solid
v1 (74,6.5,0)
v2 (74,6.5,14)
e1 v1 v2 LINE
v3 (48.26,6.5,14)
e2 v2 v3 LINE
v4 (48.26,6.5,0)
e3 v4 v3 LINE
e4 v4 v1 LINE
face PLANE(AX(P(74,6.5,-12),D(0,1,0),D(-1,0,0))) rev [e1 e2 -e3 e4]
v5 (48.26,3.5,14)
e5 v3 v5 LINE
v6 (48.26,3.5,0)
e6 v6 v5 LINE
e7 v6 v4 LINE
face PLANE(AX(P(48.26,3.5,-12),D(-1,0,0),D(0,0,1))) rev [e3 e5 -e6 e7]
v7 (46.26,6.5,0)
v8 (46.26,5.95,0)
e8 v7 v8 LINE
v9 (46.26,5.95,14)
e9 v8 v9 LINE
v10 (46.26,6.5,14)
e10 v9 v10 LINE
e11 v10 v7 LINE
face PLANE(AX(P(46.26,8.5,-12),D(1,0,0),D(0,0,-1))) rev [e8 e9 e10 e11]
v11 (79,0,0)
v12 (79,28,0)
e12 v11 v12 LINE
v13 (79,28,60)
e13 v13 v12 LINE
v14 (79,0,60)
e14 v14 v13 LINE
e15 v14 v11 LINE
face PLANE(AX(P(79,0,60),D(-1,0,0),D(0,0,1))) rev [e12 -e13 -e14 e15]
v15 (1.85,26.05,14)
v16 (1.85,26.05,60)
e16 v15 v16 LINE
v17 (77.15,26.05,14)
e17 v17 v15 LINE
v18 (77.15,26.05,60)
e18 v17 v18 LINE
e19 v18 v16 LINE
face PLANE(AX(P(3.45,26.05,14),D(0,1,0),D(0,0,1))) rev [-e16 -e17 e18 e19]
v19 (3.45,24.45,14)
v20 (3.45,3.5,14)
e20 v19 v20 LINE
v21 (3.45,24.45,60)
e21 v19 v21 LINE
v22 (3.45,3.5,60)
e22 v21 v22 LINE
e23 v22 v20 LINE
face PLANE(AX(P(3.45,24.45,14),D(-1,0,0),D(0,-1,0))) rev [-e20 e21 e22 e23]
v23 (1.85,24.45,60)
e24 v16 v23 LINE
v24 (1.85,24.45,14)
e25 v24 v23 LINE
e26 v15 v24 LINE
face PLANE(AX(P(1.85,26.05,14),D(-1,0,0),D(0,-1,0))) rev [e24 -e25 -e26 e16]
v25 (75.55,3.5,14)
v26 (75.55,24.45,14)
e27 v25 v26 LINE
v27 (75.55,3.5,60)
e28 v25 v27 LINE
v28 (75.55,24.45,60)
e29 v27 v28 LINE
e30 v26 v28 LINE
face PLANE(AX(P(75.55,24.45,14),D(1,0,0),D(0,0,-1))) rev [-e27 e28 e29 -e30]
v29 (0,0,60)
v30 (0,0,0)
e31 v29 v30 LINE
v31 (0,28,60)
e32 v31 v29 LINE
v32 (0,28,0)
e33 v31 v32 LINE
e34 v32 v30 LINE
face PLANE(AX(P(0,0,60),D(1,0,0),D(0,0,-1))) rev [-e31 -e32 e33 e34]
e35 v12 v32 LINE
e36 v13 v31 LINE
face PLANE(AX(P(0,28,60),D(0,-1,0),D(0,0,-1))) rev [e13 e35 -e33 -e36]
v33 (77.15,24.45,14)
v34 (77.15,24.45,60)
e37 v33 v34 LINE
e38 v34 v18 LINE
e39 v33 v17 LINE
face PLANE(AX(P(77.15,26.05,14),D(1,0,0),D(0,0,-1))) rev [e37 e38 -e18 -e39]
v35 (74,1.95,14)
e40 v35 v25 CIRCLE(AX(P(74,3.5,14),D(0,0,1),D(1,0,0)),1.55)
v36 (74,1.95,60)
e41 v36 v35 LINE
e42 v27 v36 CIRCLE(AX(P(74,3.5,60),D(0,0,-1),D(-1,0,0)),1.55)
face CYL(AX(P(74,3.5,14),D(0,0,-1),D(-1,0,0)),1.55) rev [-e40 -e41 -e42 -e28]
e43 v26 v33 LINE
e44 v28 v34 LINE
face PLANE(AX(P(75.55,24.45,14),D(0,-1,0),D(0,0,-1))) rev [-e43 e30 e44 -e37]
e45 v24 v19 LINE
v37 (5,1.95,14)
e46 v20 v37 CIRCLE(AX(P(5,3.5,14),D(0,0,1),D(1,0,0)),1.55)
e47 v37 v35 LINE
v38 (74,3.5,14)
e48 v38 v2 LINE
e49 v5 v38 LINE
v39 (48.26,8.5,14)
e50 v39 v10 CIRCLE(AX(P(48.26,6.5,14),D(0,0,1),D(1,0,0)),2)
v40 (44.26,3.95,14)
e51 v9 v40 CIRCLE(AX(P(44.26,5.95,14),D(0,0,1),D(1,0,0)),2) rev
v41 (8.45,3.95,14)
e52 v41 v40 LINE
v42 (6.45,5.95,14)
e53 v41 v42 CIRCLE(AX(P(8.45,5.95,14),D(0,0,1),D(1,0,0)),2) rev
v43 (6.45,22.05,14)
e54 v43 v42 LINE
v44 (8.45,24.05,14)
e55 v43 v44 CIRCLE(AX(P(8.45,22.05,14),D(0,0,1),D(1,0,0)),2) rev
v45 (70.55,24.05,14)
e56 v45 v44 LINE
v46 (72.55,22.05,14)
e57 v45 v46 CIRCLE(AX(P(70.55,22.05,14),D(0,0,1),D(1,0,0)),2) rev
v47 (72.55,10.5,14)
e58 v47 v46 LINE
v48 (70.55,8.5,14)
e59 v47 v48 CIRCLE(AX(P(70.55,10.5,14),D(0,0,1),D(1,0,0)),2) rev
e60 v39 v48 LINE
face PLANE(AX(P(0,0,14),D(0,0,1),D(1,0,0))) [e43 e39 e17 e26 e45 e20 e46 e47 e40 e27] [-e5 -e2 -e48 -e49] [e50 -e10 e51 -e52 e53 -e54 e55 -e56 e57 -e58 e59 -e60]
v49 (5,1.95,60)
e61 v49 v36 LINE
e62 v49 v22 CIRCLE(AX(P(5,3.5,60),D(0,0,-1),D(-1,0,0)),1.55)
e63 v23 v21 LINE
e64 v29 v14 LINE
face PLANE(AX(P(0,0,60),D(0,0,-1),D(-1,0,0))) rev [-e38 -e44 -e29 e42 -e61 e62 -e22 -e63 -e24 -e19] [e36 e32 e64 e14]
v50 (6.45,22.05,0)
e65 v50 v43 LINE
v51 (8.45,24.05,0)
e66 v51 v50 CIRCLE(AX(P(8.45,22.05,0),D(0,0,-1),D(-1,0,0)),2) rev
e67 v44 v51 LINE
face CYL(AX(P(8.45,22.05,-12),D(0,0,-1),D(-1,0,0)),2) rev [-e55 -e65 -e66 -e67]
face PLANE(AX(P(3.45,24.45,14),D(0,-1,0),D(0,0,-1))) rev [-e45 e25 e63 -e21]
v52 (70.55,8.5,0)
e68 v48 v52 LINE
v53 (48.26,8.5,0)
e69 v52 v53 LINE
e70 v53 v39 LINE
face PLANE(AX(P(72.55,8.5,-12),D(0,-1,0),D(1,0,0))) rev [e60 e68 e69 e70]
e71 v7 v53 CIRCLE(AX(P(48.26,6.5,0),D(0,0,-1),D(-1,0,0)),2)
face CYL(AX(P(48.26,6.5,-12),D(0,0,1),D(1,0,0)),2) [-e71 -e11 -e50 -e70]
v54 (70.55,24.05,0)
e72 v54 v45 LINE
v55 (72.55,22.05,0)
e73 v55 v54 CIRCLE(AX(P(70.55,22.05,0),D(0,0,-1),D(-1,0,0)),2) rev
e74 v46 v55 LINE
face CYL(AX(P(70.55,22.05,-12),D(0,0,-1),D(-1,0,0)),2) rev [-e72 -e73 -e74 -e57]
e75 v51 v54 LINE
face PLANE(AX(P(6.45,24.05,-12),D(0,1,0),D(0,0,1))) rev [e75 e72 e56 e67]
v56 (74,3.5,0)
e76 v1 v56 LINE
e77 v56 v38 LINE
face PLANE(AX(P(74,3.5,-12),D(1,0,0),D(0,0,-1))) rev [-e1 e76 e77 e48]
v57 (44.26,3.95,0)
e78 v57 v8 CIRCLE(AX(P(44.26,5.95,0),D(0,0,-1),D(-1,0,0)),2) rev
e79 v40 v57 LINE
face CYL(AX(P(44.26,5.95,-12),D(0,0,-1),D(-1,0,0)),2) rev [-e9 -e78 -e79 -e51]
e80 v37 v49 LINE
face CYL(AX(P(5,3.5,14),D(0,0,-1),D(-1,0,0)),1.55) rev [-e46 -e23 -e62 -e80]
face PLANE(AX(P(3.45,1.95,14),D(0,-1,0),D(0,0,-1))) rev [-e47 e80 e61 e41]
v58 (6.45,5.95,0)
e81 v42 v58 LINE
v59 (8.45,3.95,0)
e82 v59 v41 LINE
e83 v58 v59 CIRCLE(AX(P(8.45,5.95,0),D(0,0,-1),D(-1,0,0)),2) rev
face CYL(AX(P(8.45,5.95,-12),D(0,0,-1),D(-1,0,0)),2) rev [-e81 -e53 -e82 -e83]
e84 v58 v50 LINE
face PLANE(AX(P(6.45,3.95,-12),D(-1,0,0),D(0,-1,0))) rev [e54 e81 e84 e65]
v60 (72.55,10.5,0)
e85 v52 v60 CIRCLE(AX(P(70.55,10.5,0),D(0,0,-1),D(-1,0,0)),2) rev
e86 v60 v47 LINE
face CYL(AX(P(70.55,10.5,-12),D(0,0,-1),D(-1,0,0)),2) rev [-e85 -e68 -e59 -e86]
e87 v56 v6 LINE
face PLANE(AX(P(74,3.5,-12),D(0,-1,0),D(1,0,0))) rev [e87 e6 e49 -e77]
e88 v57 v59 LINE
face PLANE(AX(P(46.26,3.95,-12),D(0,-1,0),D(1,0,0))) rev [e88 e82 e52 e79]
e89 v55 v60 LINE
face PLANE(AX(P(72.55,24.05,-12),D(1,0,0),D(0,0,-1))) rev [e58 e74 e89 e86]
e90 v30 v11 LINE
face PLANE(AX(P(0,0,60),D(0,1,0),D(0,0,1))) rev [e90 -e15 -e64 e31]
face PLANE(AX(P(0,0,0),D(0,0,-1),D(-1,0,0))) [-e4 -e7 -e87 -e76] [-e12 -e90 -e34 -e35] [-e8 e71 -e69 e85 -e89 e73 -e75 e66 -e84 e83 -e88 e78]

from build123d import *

# Parameters (mm, degrees)
SKETCH1_W           = 79
SKETCH1_H           = 28
BOSS_EXTRUDE1_DEPTH = 60
CUT_EXTRUDE1_DEPTH  = 46
SKETCH3_W           = 25.74
SKETCH3_H           = 3
CUT_EXTRUDE2_DEPTH  = 26
CUT_EXTRUDE3_DEPTH  = 26
FILLET1_R           = 1.55
FILLET2_R           = 2


with BuildPart() as part:
    # Sketch1 → Boss-Extrude1 (new body)
    with BuildSketch(Plane.XY):
        with Locations((39.5, 14)):
            Rectangle(SKETCH1_W, SKETCH1_H)
    extrude(amount=BOSS_EXTRUDE1_DEPTH)

    # Sketch2 → Cut-Extrude1 (cut)
    with BuildSketch(Plane.XY.offset(60)):
        Polygon((3.45, 26.05), (75.6, 26.05), (77.15, 26.05), (77.15, 24.45), (75.55, 24.45), (75.55, 1.95), (3.45, 1.95), (3.45, 24.45), (1.85, 24.45), (1.85, 26.05), align=None)
    extrude(amount=-CUT_EXTRUDE1_DEPTH, mode=Mode.SUBTRACT)

    # Sketch3 → Cut-Extrude2 (cut)
    with BuildSketch(Plane.XY.offset(14)):
        with Locations((61.13, 5)):
            Rectangle(SKETCH3_W, SKETCH3_H)
    extrude(amount=-CUT_EXTRUDE2_DEPTH, mode=Mode.SUBTRACT)

    # Sketch4 → Cut-Extrude3 (cut)
    with BuildSketch(Plane.XY.offset(14)):
        Polygon((6.45, 24.05), (72.55, 24.05), (72.55, 8.5), (46.26, 8.5), (46.26, 3.95), (6.45, 3.95), align=None)
    extrude(amount=-CUT_EXTRUDE3_DEPTH, mode=Mode.SUBTRACT)

    # Fillet1
    fillet1_edges = [part.edges().sort_by_distance(p)[0] for p in [
        (75.55, 1.95, 37),
        (3.45, 1.95, 37),
    ]]
    fillet(fillet1_edges, radius=FILLET1_R)

    # Fillet2
    fillet2_edges = [part.edges().sort_by_distance(p)[0] for p in [
        (6.45, 3.95, 7),
        (6.45, 24.05, 7),
        (72.55, 24.05, 7),
        (72.55, 8.5, 7),
        (46.26, 8.5, 7),
        (46.26, 3.95, 7),
    ]]
    fillet(fillet2_edges, radius=FILLET2_R)


solid = part.part
